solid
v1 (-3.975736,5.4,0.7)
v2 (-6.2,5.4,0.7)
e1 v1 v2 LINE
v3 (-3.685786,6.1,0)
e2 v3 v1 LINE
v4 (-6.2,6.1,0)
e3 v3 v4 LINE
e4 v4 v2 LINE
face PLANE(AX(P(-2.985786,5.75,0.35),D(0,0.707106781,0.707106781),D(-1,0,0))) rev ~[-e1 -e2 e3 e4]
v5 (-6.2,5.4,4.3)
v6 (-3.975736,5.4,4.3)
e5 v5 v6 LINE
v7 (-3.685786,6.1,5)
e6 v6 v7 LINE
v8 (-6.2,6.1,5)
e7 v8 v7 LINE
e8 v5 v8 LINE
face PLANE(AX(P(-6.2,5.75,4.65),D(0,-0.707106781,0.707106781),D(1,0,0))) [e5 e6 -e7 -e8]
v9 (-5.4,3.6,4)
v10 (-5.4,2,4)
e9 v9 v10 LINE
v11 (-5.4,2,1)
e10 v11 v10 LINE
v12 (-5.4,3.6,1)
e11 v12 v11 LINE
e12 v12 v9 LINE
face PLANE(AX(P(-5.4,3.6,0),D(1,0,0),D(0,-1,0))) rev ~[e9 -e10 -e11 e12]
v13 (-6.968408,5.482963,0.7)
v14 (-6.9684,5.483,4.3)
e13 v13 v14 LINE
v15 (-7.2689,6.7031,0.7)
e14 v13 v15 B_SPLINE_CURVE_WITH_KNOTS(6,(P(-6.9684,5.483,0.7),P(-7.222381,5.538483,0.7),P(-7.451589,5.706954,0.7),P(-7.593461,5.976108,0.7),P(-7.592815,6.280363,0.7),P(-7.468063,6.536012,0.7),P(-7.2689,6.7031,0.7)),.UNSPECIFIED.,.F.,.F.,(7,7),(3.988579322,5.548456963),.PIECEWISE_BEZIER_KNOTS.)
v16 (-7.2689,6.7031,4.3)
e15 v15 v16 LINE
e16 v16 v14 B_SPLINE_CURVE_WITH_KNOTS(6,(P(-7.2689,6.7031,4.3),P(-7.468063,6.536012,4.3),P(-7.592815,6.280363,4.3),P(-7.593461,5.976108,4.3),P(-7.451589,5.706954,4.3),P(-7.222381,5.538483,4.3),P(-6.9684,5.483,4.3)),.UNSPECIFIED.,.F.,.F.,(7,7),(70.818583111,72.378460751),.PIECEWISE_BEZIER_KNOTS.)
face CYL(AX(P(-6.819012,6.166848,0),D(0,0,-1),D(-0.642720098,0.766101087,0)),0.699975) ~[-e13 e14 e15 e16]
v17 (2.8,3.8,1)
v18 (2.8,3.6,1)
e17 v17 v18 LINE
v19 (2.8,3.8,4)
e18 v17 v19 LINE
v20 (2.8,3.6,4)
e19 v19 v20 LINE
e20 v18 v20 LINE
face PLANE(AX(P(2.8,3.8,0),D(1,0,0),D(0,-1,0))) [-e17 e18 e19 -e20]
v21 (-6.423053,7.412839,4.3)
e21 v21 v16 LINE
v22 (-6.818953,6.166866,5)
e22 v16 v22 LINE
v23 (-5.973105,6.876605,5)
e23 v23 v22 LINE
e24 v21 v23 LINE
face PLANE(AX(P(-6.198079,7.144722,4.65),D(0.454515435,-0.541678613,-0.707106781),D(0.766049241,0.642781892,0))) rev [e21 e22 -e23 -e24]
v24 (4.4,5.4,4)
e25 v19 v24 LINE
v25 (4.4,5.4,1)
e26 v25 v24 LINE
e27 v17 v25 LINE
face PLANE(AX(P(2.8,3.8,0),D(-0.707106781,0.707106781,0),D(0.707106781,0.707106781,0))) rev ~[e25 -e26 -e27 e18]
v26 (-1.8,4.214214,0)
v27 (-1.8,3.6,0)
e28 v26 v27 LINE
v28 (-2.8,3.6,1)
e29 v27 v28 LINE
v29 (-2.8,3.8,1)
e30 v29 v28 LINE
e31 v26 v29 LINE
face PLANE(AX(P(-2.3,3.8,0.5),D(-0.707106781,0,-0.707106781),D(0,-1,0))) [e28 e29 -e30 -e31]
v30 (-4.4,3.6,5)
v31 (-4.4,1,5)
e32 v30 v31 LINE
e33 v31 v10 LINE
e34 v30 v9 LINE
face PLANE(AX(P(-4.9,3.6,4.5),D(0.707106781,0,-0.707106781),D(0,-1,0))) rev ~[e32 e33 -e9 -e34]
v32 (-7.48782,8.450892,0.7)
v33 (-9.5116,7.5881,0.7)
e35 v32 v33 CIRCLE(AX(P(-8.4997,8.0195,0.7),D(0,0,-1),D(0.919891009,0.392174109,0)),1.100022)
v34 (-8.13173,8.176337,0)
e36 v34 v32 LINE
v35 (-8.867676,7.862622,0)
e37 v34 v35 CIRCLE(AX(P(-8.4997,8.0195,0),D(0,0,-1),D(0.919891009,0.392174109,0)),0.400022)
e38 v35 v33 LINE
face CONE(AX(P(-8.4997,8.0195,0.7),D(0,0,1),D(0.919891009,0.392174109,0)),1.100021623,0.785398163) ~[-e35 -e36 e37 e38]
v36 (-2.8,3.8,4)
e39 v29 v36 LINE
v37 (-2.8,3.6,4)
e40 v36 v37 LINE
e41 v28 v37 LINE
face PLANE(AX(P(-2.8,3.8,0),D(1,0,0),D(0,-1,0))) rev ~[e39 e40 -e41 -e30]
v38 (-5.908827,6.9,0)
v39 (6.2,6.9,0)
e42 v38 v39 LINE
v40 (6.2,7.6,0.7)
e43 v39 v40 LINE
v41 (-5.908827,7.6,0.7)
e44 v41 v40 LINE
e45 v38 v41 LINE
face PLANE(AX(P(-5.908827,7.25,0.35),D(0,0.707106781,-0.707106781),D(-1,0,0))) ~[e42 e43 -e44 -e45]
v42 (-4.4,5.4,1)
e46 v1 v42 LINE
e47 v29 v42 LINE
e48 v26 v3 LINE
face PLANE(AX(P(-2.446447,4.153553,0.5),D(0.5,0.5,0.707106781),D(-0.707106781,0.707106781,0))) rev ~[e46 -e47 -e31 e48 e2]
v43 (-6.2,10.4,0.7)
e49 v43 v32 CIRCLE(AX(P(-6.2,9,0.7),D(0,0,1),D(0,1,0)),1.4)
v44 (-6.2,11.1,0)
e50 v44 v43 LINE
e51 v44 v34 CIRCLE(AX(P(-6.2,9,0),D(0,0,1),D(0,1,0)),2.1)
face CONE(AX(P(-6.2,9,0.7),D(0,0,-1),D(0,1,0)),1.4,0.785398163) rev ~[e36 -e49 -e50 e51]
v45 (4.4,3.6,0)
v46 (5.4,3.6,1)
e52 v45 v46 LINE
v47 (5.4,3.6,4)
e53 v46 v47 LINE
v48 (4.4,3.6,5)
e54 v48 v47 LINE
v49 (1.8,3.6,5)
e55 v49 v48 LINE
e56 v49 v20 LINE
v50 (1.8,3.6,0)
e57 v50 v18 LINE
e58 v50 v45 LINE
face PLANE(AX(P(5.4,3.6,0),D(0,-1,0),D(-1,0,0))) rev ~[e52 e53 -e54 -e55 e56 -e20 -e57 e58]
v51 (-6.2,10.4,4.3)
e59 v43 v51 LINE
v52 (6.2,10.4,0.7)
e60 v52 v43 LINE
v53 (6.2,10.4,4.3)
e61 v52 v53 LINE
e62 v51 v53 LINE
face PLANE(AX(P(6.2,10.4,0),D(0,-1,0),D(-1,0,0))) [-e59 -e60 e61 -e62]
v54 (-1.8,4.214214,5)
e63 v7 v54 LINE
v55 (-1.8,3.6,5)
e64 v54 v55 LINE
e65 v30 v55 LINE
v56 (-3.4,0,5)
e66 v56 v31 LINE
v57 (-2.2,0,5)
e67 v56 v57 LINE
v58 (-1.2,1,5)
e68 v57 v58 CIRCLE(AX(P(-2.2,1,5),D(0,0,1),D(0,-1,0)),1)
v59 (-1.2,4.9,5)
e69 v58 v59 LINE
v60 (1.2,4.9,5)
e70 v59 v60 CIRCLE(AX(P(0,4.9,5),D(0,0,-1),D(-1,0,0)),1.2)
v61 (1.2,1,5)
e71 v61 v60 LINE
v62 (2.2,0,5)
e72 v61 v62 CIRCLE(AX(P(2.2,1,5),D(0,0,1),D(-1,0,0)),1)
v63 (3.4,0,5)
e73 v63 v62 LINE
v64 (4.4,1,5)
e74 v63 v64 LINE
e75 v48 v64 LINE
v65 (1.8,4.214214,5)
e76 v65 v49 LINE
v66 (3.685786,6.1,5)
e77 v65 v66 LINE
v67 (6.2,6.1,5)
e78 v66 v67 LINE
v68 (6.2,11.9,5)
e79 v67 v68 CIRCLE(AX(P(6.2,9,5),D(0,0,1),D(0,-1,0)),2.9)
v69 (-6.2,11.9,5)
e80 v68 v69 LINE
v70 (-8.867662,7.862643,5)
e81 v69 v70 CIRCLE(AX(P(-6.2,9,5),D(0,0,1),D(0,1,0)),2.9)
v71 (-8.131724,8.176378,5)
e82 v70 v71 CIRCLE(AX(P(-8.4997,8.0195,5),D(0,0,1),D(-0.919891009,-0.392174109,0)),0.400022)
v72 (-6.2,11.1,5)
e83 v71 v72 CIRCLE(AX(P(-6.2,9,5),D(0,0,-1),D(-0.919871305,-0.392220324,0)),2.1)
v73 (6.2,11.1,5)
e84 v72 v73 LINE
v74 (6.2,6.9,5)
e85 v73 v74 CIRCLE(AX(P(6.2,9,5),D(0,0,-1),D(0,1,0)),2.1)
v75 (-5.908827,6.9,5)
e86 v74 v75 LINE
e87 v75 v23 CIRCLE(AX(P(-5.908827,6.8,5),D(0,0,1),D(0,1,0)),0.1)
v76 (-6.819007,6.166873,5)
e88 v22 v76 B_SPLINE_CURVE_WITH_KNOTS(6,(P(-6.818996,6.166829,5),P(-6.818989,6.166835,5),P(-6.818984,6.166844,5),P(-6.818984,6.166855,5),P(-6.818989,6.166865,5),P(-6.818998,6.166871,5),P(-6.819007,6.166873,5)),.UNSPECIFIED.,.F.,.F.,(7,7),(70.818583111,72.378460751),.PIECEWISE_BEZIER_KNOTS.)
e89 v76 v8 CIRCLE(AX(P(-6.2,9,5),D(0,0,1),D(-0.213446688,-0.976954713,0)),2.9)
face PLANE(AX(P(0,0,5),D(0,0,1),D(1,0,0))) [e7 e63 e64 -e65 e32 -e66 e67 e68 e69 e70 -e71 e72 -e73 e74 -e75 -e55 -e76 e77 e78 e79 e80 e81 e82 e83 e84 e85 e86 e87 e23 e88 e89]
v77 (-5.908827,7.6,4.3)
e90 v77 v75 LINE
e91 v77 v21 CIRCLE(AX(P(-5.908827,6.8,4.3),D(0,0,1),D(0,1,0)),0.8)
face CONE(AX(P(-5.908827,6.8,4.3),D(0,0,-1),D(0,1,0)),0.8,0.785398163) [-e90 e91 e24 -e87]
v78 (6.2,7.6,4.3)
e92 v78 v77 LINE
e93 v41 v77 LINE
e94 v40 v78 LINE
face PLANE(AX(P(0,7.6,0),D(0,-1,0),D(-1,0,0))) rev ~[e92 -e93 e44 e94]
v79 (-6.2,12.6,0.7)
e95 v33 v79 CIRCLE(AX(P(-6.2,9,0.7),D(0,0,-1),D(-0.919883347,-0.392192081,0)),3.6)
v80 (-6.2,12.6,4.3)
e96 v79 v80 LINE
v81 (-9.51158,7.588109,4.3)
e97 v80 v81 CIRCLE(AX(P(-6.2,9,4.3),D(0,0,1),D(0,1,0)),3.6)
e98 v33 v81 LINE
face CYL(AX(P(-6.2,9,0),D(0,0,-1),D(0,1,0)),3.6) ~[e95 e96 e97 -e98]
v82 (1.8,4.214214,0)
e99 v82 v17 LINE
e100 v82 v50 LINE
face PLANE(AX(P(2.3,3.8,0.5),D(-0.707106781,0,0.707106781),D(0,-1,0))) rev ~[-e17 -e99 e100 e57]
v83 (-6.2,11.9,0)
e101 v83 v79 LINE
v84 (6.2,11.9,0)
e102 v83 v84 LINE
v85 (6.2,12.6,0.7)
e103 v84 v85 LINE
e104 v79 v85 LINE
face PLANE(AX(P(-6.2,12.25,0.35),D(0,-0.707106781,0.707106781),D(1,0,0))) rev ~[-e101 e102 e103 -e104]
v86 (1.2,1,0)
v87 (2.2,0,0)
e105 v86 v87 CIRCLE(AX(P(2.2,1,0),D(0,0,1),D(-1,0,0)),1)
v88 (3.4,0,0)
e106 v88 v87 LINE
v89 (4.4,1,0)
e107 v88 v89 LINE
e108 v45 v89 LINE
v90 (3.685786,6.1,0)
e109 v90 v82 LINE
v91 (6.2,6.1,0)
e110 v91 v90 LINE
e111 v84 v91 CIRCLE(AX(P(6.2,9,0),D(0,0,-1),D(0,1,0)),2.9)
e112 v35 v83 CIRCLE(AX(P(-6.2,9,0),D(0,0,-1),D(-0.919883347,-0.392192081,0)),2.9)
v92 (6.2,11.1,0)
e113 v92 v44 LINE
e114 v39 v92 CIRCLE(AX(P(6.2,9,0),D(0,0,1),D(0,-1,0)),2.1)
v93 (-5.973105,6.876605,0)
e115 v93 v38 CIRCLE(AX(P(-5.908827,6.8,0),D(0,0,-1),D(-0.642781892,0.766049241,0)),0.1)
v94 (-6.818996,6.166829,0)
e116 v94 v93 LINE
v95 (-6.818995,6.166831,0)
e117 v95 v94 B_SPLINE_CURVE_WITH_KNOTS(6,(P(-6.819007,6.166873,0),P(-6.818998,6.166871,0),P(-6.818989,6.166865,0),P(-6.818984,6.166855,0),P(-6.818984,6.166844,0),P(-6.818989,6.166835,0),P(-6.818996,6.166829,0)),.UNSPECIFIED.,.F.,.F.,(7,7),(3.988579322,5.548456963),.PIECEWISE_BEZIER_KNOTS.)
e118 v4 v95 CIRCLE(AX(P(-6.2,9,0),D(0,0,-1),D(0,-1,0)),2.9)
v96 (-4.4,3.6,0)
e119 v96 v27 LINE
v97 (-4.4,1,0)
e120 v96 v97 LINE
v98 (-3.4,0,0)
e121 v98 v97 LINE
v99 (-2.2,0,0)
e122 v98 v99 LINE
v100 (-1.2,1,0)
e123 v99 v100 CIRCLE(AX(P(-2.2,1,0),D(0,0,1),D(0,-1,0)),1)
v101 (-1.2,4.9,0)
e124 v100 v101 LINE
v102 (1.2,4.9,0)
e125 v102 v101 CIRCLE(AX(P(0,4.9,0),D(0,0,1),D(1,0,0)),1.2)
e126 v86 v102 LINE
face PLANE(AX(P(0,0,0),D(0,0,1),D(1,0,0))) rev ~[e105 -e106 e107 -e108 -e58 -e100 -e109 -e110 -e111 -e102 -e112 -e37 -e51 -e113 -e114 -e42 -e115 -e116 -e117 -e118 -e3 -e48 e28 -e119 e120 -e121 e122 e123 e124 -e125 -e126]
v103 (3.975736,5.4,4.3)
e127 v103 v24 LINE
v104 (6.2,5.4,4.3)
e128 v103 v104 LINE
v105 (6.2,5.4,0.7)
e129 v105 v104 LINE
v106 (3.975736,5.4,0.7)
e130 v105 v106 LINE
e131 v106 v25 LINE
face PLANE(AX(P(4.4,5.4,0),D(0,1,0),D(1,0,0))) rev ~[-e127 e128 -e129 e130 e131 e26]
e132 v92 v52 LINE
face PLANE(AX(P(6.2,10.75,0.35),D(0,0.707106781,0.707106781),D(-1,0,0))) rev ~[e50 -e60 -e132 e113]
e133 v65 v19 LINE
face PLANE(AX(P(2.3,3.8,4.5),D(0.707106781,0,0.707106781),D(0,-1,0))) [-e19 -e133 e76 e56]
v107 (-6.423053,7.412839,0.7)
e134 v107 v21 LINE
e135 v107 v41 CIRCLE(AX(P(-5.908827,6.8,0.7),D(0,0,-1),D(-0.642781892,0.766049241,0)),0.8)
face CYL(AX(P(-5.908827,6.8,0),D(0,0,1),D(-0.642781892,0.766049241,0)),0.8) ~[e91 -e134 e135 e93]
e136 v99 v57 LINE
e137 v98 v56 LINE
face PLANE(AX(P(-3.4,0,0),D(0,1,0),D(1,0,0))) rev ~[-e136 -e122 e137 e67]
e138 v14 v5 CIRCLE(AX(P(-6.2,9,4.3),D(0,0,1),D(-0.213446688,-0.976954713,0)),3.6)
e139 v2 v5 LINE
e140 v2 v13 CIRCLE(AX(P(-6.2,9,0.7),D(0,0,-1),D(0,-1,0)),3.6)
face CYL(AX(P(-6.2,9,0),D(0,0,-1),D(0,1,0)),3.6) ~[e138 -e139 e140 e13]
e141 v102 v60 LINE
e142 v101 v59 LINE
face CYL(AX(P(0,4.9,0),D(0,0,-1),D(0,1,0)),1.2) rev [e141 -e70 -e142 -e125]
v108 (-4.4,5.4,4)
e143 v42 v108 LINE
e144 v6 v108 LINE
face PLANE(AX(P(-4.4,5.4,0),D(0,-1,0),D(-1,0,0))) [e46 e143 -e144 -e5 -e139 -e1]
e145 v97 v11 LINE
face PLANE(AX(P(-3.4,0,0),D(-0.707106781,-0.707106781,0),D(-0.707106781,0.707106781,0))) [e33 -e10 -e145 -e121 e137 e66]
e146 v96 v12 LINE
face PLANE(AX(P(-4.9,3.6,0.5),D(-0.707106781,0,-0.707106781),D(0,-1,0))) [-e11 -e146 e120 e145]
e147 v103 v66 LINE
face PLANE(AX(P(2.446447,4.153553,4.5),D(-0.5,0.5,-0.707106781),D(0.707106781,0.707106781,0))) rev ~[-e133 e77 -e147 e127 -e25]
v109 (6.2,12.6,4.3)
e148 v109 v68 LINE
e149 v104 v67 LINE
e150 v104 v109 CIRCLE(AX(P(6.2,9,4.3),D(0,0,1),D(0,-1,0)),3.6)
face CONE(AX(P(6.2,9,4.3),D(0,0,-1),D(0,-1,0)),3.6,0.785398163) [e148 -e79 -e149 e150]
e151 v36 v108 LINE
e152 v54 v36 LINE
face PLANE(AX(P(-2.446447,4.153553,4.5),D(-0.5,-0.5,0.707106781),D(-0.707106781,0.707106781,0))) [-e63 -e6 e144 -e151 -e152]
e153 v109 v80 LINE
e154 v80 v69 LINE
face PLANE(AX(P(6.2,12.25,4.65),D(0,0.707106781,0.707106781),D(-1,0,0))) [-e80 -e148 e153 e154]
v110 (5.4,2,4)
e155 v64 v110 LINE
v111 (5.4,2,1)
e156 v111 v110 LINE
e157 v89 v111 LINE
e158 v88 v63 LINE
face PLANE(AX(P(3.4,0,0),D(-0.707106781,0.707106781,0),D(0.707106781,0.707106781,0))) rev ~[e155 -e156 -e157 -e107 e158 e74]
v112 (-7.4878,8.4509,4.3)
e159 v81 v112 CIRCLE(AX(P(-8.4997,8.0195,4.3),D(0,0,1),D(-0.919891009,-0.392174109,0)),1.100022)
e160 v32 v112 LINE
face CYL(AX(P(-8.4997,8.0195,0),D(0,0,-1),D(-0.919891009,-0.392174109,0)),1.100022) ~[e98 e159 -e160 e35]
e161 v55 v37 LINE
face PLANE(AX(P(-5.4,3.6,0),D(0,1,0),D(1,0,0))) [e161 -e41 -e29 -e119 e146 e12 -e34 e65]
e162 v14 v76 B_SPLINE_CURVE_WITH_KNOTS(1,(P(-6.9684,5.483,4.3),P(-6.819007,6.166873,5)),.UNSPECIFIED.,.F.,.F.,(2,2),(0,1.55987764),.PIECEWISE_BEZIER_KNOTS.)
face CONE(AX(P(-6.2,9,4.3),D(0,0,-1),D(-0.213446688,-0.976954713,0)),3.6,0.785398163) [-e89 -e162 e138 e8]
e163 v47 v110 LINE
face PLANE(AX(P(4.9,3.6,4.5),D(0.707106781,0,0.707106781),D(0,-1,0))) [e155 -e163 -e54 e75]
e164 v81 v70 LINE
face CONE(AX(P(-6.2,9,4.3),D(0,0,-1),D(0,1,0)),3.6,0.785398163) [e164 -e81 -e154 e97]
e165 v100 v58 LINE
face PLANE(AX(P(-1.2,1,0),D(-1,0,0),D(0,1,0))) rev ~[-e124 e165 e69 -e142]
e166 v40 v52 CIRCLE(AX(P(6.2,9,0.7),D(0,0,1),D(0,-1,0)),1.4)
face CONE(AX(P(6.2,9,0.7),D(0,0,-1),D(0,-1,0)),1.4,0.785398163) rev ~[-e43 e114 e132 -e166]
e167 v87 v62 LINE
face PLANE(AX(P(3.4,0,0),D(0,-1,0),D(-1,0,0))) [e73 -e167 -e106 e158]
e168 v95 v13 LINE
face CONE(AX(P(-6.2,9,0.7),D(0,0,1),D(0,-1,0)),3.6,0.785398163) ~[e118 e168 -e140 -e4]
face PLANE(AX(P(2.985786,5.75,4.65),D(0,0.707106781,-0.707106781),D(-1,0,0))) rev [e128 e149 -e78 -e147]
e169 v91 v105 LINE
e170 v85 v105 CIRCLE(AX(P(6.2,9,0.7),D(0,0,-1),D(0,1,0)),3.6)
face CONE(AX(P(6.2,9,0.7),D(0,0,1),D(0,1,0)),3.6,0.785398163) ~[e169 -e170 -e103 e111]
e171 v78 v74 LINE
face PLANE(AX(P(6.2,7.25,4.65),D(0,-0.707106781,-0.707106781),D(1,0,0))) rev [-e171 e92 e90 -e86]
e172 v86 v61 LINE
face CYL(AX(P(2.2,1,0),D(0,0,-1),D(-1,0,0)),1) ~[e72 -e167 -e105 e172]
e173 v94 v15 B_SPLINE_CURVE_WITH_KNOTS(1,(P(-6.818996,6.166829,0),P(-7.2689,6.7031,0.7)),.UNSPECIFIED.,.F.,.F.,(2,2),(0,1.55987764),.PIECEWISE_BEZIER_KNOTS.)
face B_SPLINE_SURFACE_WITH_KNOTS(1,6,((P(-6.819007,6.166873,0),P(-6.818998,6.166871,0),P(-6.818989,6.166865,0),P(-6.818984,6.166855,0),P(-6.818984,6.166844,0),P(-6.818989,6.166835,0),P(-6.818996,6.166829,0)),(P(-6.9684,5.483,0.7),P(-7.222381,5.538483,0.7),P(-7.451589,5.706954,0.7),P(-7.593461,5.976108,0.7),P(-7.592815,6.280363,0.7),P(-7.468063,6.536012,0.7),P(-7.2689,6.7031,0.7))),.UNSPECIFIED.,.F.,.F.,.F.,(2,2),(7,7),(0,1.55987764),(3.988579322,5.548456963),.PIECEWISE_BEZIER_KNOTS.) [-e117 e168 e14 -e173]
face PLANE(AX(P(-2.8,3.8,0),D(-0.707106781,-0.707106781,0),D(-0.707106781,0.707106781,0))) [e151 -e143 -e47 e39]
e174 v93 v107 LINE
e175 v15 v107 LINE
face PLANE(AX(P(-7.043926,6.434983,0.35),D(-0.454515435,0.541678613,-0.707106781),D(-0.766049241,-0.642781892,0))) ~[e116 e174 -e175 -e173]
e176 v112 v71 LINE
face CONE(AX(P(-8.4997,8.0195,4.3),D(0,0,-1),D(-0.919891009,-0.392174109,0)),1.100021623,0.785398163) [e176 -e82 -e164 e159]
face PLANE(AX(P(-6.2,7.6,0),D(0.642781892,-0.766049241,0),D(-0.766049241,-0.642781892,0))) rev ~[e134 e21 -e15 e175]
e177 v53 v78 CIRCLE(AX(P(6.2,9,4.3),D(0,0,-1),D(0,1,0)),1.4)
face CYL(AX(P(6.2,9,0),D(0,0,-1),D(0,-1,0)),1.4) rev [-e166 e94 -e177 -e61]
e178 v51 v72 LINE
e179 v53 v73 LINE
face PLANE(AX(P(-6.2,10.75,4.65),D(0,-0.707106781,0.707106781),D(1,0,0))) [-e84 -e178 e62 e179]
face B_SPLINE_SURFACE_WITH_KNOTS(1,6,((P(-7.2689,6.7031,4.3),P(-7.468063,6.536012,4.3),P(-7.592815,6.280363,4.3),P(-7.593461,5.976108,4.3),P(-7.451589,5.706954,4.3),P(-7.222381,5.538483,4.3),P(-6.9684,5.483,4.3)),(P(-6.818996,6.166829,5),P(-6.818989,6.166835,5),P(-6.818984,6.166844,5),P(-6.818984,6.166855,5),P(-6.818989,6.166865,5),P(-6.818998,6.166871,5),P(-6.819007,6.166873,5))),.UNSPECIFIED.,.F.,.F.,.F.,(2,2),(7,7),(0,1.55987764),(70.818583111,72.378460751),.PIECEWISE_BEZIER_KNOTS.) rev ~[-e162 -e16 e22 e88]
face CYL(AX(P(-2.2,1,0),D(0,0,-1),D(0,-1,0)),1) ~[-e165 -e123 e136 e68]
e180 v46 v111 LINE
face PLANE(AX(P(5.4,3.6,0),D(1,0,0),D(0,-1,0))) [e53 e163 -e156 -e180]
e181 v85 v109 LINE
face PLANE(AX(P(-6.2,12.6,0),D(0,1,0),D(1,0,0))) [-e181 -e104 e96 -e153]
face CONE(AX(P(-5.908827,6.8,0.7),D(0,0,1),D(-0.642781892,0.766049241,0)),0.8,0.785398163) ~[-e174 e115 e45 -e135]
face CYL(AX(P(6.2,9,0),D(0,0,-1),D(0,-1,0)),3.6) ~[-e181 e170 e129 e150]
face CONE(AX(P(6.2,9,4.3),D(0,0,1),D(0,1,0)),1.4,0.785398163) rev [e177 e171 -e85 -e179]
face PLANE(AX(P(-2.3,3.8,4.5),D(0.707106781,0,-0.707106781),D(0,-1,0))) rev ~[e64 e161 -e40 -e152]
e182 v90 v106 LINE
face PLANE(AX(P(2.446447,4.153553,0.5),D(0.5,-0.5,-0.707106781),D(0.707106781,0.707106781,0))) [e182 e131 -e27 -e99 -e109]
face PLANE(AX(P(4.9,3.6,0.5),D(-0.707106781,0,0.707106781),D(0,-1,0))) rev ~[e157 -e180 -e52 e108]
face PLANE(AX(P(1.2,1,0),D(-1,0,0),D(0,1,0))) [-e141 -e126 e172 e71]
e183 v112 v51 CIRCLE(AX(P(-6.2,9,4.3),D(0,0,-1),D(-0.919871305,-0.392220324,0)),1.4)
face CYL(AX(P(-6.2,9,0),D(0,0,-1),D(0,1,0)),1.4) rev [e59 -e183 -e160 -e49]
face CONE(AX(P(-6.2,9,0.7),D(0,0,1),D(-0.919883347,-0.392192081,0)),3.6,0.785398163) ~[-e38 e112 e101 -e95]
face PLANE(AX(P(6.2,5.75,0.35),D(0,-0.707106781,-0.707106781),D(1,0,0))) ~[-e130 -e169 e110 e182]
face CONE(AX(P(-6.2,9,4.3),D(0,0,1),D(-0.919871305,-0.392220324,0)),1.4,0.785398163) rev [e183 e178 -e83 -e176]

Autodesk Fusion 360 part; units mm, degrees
sketch "base" plane through (0, 0, 0) normal (0, 0, 1) x (1, 0, 0)
  line L0 (-3.4, 0) -> (-2.2, 0)
  arc A0 (-2.2, 0) -> (-1.2, 1) centre (-2.2, 1) ccw
  line L1 (-1.2, 1) -> (-1.2, 4.9)
  line L2 (-3.4, 0) -> (-5.4, 2)
  line L3 (-5.4, 3.6) -> (-2.8, 3.6)
  line L4 (-2.8, 3.8) -> (-4.4, 5.4)
  line L5 (-2.2, 0) -> (0, 0) construction
  line L6 (-5.4, 3.6) -> (-5.4, 2)
  line L7 (0, 7.6) -> (-6.2, 7.6)
  arc A1 (-6.2, 10.4) -> (-6.2, 7.6) centre (-6.2, 9) ccw
  line L8 (-6.2, 10.4) -> (0, 10.4)
  line L9 (-4.4, 5.4) -> (-6.2, 5.4)
  arc A2 (-6.2, 12.6) -> (-6.2, 5.4) centre (-6.2, 9) ccw
  line L10 (-6.2, 12.6) -> (0, 12.6)
  line L11 (0, 12.6) -> (0, 0) construction
  line L12 (-2.8, 3.8) -> (-2.8, 3.6)
  arc A3 (6.2, 7.6) -> (6.2, 10.4) centre (6.2, 9) ccw
  line L13 (6.2, 10.4) -> (0, 10.4)
  line L14 (0, 7.6) -> (6.2, 7.6)
  arc A4 (0, 6.1) -> (-1.2, 4.9) centre (0, 4.9) ccw
  line L15 (6.2, 12.6) -> (0, 12.6)
  arc A5 (6.2, 5.4) -> (6.2, 12.6) centre (6.2, 9) ccw
  line L16 (4.4, 5.4) -> (6.2, 5.4)
  line L17 (2.8, 3.8) -> (4.4, 5.4)
  line L18 (2.8, 3.8) -> (2.8, 3.6)
  line L19 (5.4, 3.6) -> (2.8, 3.6)
  line L20 (5.4, 3.6) -> (5.4, 2)
  line L21 (3.4, 0) -> (5.4, 2)
  line L22 (3.4, 0) -> (2.2, 0)
  arc A6 (1.2, 1) -> (2.2, 0) centre (2.2, 1) ccw
  arc A7 (1.2, 4.9) -> (0, 6.1) centre (0, 4.9) ccw
  line L23 (1.2, 1) -> (1.2, 4.9)
  line L24 (-6.2, 7.6) -> (-7.2689, 6.7031)
  arc A8 (-9.5116, 7.5881) -> (-7.4878, 8.4509) centre (-8.4997, 8.0195) ccw
  line L25 (-6.2, 9) -> (-9.5116, 7.5881) construction
  arc A9 (-7.2689, 6.7031) -> (-6.9684, 5.483) centre (-6.819, 6.1668) ccw
  dimension "d6" = 4.2
  dimension "d7" = 135
  dimension "d8" = 45
  dimension "d9" = 1
  dimension "d10" = 1.2
  dimension "d17" = 2.2
  dimension "d18" = 2.8
  dimension "d20" = 6.2
  dimension "d27" = 0.2
  dimension "d28" = 2.6
  dimension "d29" = 1.6
  dimension "d31" = 2
  dimension "d32" = 1.8
  dimension "d33" = 1.5
  dimension "d58" = 0.6996
  dimension "d59" = 0.7
  dimension "d60" = 140
extrude "Extrude1" add sketch "base" along normal blind 5 contours L0 A0 L1 L2 L3 L4 L6 L7 A1 L8 L9 A2 L10 L12 A3 L13 L14 A4 L15 A5 L16 L17 L18 L19 L20 L21 L22 A6 A7 L23 L24 A8 A9
fillet "Fillet1" radius 0.8 1 edges at (-6.2, 7.6, 2.5)
chamfer "Chamfer1" distance 1 angle 45 12 edges at (-5.4, 2.8, 5) (-5.4, 2.8, 0) (5.4, 2.8, 0) (5.4, 2.8, 5) (-3.6, 4.6, 5) (-2.8, 3.7, 5) (2.8, 3.7, 5) (3.6, 4.6, 5) (2.8, 3.7, 0) (3.6, 4.6, 0) (-3.6, 4.6, 0) (-2.8, 3.7, 0)
chamfer "Chamfer3" distance 0.7 angle 45 12 edges at (0.1456, 7.6, 0) (7.6, 9, 0) (0, 10.4, 5) (7.6, 9, 5) (0, 10.4, 0) (-7.3681, 9.7718, 0) (0.1456, 7.6, 5) (-7.3681, 9.7718, 5) (-6.1824, 7.5518, 5) (-6.846, 7.0579, 5) (-6.1824, 7.5518, 0) (-6.846, 7.0579, 0) tangent chain off
